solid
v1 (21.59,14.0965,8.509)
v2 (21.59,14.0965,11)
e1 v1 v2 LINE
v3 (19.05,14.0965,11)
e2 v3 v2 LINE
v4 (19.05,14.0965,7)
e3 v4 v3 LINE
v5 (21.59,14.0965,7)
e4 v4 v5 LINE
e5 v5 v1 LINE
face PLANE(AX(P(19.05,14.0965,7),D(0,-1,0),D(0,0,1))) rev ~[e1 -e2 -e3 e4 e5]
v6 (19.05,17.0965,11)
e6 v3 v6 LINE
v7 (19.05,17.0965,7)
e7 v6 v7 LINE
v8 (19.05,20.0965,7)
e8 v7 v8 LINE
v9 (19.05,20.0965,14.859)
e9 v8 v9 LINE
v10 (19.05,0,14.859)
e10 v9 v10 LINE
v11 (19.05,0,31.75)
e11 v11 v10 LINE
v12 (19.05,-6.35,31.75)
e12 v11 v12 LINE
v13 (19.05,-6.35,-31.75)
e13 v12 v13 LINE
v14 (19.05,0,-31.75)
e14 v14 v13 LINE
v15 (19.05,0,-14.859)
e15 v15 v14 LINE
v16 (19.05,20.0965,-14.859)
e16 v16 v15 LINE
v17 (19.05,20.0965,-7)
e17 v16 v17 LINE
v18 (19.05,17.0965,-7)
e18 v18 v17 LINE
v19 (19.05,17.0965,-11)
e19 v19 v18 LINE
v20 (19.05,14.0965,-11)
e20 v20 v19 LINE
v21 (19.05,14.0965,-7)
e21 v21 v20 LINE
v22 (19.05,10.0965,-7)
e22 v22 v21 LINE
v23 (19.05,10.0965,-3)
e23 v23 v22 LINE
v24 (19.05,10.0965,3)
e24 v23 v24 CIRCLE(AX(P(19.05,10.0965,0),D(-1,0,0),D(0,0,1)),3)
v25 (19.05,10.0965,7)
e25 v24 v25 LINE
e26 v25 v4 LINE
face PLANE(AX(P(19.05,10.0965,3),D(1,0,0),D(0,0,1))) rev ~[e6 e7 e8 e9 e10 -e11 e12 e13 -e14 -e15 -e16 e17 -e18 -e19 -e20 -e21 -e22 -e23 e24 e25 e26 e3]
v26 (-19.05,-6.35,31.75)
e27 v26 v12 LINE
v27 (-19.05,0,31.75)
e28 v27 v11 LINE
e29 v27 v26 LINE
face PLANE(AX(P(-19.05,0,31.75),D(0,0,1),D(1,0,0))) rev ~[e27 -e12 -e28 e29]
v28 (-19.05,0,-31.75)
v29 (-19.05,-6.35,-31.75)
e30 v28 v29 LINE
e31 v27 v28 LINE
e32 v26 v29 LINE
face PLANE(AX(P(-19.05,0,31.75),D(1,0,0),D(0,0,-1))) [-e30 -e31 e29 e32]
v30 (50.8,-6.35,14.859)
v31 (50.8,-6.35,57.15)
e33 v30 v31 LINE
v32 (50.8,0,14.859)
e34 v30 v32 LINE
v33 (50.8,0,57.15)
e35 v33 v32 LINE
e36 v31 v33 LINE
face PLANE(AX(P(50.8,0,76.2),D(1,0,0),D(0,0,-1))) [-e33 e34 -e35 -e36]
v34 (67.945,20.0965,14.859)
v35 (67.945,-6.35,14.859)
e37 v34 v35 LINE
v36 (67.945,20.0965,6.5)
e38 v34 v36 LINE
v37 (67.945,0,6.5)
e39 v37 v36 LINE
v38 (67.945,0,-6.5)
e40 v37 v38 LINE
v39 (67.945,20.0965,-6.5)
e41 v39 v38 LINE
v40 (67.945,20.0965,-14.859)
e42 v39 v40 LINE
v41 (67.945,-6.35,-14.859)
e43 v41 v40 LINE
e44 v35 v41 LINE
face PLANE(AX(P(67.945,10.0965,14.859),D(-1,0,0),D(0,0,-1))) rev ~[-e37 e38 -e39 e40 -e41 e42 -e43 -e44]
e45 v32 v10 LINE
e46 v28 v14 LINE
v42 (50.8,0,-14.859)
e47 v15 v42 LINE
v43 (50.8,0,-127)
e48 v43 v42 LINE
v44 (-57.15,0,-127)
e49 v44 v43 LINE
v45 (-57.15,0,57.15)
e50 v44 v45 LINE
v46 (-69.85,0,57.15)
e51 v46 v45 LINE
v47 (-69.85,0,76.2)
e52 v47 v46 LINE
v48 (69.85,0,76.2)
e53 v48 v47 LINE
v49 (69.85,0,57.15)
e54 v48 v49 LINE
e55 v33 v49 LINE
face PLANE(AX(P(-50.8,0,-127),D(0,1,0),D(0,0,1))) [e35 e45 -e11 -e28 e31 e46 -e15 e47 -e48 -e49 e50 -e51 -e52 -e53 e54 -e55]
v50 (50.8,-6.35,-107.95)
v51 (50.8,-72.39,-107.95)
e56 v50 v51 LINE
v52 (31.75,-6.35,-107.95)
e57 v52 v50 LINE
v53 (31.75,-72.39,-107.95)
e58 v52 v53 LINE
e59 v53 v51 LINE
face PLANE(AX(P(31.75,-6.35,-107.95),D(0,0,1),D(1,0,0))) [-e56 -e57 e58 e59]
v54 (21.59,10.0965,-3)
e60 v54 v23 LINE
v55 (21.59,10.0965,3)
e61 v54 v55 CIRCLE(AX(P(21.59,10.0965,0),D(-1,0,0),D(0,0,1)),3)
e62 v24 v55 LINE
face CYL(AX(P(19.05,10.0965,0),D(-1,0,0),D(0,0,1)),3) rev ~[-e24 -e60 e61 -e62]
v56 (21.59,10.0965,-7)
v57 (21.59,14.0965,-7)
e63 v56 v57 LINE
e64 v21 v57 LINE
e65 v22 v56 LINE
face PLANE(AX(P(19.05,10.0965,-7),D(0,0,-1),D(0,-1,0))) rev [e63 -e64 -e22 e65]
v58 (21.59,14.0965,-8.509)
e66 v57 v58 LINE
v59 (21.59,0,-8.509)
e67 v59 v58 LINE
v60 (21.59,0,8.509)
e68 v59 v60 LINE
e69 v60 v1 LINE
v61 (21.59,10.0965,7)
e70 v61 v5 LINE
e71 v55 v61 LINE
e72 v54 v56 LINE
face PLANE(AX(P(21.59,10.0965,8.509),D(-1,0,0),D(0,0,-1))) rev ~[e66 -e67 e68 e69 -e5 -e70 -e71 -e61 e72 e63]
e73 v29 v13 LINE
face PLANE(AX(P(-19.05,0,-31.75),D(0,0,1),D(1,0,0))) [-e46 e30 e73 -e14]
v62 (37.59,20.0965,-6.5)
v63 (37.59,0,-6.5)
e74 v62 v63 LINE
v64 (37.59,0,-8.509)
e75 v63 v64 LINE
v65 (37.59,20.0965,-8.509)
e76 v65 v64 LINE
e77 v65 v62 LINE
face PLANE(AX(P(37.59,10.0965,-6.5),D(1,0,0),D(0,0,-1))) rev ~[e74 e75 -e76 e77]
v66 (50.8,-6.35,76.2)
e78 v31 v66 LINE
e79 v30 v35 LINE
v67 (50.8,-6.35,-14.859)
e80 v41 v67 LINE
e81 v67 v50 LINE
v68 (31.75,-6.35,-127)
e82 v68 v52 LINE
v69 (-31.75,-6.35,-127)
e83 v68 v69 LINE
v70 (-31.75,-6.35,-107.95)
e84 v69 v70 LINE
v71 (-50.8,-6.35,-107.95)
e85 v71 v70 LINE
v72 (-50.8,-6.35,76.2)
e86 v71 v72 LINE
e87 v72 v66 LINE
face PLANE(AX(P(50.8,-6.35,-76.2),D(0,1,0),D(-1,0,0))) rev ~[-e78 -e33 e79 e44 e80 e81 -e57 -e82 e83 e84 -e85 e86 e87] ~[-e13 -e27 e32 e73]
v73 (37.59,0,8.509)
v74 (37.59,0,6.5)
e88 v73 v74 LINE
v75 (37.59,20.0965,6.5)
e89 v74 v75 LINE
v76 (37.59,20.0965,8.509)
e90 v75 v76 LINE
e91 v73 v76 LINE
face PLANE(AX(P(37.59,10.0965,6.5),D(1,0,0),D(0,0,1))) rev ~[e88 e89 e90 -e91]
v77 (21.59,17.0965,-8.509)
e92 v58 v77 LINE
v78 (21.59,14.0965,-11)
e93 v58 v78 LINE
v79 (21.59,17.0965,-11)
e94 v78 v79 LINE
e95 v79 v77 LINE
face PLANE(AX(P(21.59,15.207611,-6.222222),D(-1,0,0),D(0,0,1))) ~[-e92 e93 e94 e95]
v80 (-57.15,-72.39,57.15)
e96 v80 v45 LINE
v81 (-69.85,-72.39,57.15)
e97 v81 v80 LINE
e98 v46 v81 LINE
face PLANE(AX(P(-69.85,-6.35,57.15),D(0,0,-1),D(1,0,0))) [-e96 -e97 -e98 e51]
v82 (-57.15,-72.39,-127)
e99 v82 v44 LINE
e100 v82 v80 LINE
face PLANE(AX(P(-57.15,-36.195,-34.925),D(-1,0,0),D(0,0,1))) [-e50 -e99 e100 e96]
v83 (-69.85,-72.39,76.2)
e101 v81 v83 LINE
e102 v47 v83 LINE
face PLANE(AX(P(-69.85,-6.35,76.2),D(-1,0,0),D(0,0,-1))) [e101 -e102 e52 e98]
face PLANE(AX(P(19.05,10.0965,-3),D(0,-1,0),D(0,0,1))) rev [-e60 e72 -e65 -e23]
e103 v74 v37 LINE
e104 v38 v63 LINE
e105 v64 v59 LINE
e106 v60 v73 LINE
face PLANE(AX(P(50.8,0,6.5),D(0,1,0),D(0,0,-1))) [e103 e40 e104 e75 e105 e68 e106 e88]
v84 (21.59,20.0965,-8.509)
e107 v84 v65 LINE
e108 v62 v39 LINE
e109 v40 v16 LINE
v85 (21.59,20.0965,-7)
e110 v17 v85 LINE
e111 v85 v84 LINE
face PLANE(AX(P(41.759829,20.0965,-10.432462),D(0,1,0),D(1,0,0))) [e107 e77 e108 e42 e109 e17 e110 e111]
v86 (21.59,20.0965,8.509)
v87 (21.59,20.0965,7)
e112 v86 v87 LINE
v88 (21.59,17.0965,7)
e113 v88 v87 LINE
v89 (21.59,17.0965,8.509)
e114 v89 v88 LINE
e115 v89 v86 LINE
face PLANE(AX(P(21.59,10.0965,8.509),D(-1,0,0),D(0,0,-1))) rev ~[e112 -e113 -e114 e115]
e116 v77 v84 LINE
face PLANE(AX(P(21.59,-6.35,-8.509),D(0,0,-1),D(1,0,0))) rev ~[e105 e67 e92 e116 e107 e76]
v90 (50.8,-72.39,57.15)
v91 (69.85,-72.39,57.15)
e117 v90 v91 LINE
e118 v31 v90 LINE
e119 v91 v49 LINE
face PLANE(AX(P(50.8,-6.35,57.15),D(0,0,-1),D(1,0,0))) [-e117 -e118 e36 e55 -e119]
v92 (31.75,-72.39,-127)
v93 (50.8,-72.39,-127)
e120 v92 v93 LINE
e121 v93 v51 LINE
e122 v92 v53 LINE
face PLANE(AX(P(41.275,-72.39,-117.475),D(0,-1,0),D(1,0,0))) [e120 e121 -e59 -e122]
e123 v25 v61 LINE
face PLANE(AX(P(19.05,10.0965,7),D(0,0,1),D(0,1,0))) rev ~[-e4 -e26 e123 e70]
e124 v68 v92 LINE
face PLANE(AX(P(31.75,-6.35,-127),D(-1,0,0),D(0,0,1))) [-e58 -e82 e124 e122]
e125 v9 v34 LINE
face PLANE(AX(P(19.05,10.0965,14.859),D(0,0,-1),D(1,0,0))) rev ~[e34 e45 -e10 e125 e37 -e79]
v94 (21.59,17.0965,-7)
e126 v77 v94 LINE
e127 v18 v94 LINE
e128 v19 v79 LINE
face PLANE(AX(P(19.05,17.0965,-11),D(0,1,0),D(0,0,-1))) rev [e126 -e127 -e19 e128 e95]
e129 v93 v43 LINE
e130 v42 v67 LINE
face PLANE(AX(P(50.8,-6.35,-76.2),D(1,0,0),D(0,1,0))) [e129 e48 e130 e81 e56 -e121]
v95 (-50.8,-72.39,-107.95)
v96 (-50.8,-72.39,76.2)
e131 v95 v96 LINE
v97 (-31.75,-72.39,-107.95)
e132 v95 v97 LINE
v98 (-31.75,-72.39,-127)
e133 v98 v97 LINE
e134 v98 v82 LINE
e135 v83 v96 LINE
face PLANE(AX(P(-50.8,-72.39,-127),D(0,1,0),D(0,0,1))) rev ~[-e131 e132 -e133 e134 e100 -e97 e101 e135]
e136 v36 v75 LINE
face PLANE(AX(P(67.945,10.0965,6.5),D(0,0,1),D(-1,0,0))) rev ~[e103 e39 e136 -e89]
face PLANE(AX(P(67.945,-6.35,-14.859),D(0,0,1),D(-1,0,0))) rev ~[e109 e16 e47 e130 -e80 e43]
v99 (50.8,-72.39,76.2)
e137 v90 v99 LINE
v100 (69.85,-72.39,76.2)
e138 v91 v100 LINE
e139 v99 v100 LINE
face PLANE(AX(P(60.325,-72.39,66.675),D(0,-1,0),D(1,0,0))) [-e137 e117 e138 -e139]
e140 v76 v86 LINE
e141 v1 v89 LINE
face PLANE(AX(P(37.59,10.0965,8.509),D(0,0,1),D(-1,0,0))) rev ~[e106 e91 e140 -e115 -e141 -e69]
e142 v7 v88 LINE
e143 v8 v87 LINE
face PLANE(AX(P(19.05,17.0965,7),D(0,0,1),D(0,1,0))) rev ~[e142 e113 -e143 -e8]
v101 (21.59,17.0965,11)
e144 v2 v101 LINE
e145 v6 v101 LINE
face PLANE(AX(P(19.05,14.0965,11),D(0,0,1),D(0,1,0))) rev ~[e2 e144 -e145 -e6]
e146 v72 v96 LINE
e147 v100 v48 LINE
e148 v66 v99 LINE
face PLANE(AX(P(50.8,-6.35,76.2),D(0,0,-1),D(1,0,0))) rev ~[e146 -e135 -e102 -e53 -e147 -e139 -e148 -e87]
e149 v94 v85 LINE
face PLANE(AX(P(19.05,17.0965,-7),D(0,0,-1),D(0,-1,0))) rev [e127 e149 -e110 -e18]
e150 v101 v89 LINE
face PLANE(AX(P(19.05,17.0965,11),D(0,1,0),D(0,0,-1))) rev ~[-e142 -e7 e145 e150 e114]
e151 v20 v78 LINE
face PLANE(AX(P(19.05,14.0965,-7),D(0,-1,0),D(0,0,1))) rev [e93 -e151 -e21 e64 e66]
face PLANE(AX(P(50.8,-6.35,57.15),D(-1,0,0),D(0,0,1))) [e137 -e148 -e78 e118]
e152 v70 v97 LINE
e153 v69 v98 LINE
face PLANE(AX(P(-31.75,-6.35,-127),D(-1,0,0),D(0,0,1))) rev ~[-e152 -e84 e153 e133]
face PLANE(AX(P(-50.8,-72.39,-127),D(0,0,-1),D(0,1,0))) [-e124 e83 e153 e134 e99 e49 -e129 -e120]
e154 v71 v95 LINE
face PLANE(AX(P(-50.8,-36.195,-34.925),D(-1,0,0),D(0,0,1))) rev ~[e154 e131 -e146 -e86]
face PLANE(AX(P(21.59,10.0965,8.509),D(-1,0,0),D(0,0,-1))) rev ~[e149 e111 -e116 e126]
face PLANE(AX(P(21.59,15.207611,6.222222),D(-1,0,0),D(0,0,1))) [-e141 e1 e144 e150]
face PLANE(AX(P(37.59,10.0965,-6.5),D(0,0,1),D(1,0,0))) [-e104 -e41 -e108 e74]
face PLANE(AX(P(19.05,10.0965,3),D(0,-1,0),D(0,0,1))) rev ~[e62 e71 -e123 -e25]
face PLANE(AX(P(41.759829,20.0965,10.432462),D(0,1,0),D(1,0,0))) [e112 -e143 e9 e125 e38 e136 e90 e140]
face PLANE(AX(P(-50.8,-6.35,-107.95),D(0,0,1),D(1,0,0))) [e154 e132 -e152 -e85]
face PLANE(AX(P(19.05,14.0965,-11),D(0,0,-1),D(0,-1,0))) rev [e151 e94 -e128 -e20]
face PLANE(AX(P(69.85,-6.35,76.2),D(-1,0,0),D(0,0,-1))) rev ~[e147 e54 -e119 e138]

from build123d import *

# Parameters (mm, degrees)
SKETCH1_W                = 101.6
SKETCH1_H                = 152.4
BOSS_EXTRUDE1_DEPTH      = 6.35
SKETCH2_W                = 38.1
SKETCH2_H                = 63.5
CUT_EXTRUDE1_DEPTH       = 92.800885072
BOSS_EXTRUDE3_DEPTH      = 10.0965
BOSS_EXTRUDE3_DEPTH_BACK = 6.35
CUT_EXTRUDE2_REACH       = 105.862
SKETCH6_R                = 3
SKETCH7_W                = 24.005
SKETCH7_H                = 2.009
BOSS_EXTRUDE4_DEPTH      = 16.4465
BOSS_EXTRUDE5_REACH      = 129.401
SKETCH10_W               = 13
SKETCH10_H               = 6.35
CUT_EXTRUDE3_REACH       = 138.165
SKETCH11_W               = 13
SKETCH11_H               = 10.0965
BOSS_EXTRUDE6_DEPTH      = 10
CUT_EXTRUDE4_DEPTH       = 2.54
SKETCH14_W               = 101.6
SKETCH14_H               = 6.35
BOSS_EXTRUDE7_DEPTH      = 50.8
SKETCH15_W               = 19.05
SKETCH15_H               = 19.05
BOSS_EXTRUDE8_DEPTH      = 66.04
SKETCH16_W               = 19.05
SKETCH16_H               = 19.05
BOSS_EXTRUDE9_DEPTH      = 6.35
SKETCH17_W               = 184.15
SKETCH17_H               = 72.39
BOSS_EXTRUDE10_DEPTH     = 6.35


with BuildPart() as part:
    # Sketch1 → Boss-Extrude1 (new body)
    with BuildSketch(Plane(origin=(0, 0, 0), x_dir=(1, 0, 0), z_dir=(0, 1, 0))):
        Rectangle(SKETCH1_W, SKETCH1_H)
    extrude(amount=-BOSS_EXTRUDE1_DEPTH)

    # Sketch2 → Cut-Extrude1 (cut, through all)
    with BuildSketch(Plane(origin=(0, 0, 0), x_dir=(1, 0, 0), z_dir=(0, 1, 0))):
        Rectangle(SKETCH2_W, SKETCH2_H)
    extrude(amount=-CUT_EXTRUDE1_DEPTH, mode=Mode.SUBTRACT)

    # Sketch4 → Boss-Extrude3 (add, two sides: drawn at the far end of the back side and taken through both)
    with BuildSketch(Plane(origin=(0, 0, 0), x_dir=(1, 0, 0), z_dir=(0, 1, 0)).offset(-BOSS_EXTRUDE3_DEPTH_BACK)):
        Polygon((61.595, -8.509), (50.8, -8.509), (50.8, -14.859), (67.945, -14.859), (67.945, 14.859), (50.8, 14.859), (50.8, 8.509), (61.595, 8.509), align=None)
        Polygon((50.8, -8.509), (21.59, -8.509), (21.59, 8.509), (50.8, 8.509), (50.8, 14.859), (19.05, 14.859), (19.05, -14.859), (50.8, -14.859), align=None)
    extrude(amount=BOSS_EXTRUDE3_DEPTH + BOSS_EXTRUDE3_DEPTH_BACK)

    # Sketch6 → Cut-Extrude2 (cut, up to next)
    with BuildSketch(Plane.ZY.offset(-19.05), mode=Mode.PRIVATE) as cut_extrude2_sk1:
        with Locations((0, 10.0965)):
            Circle(SKETCH6_R)
    cut_extrude2_tool1 = extrude(cut_extrude2_sk1.sketch, amount=-CUT_EXTRUDE2_REACH, mode=Mode.PRIVATE) & part.part
    add(cut_extrude2_tool1.solids().sort_by_distance((19.05, 10.0965, 0))[0], mode=Mode.SUBTRACT)

    # Sketch7 → Boss-Extrude4 (add, through all)
    with BuildSketch(Plane(origin=(0, 10.0965, 0), x_dir=(1, 0, 0), z_dir=(0, 1, 0))):
        with Locations((49.5925, 7.5045)):
            Rectangle(SKETCH7_W, SKETCH7_H)
        with Locations((49.5925, -7.5045)):
            Rectangle(SKETCH7_W, SKETCH7_H)
    extrude(amount=-BOSS_EXTRUDE4_DEPTH)

    # Sketch10 → Boss-Extrude5 (add, up to next)
    with BuildSketch(Plane(origin=(50.8, 0, 0), x_dir=(0, 0, -1), z_dir=(1, 0, 0)), mode=Mode.PRIVATE) as boss_extrude5_sk1:
        with Locations((0, -3.175)):
            Rectangle(SKETCH10_W, SKETCH10_H)
    boss_extrude5_tool1 = extrude(boss_extrude5_sk1.sketch, amount=BOSS_EXTRUDE5_REACH, mode=Mode.PRIVATE) - part.part
    add(boss_extrude5_tool1.solids().sort_by_distance((50.8, -3.175, 0))[0])

    # Sketch11 → Cut-Extrude3 (cut, up to next)
    with BuildSketch(Plane.ZY.offset(-61.595), mode=Mode.PRIVATE) as cut_extrude3_sk1:
        with Locations((0, 5.04825)):
            Rectangle(SKETCH11_W, SKETCH11_H)
    cut_extrude3_tool1 = extrude(cut_extrude3_sk1.sketch, amount=-CUT_EXTRUDE3_REACH, mode=Mode.PRIVATE) & part.part
    add(cut_extrude3_tool1.solids().sort_by_distance((61.595, 5.04825, 0))[0], mode=Mode.SUBTRACT)

    # Sketch12 → Boss-Extrude6 (add)
    with BuildSketch(Plane(origin=(0, 10.0965, 0), x_dir=(1, 0, 0), z_dir=(0, 1, 0))):
        Polygon((67.945, -14.859), (67.945, -6.5), (37.59, -6.5), (37.59, -8.509), (21.59, -8.509), (21.59, -3), (19.05, -3), (19.05, -14.859), align=None)
        Polygon((37.59, 6.5), (67.945, 6.5), (67.945, 14.859), (19.05, 14.859), (19.05, 3), (21.59, 3), (21.59, 8.509), (37.59, 8.509), align=None)
    extrude(amount=BOSS_EXTRUDE6_DEPTH)

    # Sketch13 → Cut-Extrude4 (cut)
    with BuildSketch(Plane.ZY.offset(-19.05)):
        Polygon((3, 10.0965), (7, 10.0965), (7, 14.0965), (11, 14.0965), (11, 17.0965), (7, 17.0965), (7, 20.0965), (3, 20.0965), align=None)
    cut_extrude4 = extrude(amount=-CUT_EXTRUDE4_DEPTH, mode=Mode.SUBTRACT)

    # Mirror1: Cut-Extrude4 across plane
    add(cut_extrude4.mirror(Plane.XY), mode=Mode.SUBTRACT)

    # Sketch14 → Boss-Extrude7 (add)
    with BuildSketch(Plane(origin=(0, 0, -76.2), x_dir=(-1, 0, 0), z_dir=(0, 0, -1))):
        with Locations((0, -3.175)):
            Rectangle(SKETCH14_W, SKETCH14_H)
    extrude(amount=BOSS_EXTRUDE7_DEPTH)

    # Sketch15 → Boss-Extrude8 (add)
    with BuildSketch(Plane.XZ.offset(6.35)):
        with Locations((-60.325, 66.675)):
            Rectangle(SKETCH15_W, SKETCH15_H)
        with Locations((60.325, 66.675)):
            Rectangle(SKETCH15_W, SKETCH15_H)
        with Locations((-41.275, -117.475)):
            Rectangle(SKETCH15_W, SKETCH15_H)
        with Locations((41.275, -117.475)):
            Rectangle(SKETCH15_W, SKETCH15_H)
    extrude(amount=BOSS_EXTRUDE8_DEPTH)


with BuildPart() as boss_extrude8_piece_1:
    # of the separate pieces the step leaves, piece 1, a body of its own (boss_extrude8_pieces)
    add(part.part.solids().sort_by_distance((-50.8, 0, 76.2))[0])



with BuildPart() as boss_extrude8_piece_2:
    # of the separate pieces the step leaves, piece 2, a body of its own (boss_extrude8_pieces)
    add(part.part.solids().sort_by_distance((-50.8, -72.39, 76.2))[0])


with BuildPart() as boss_extrude8_piece_3:
    # of the separate pieces the step leaves, piece 3, a body of its own (boss_extrude8_pieces)
    add(part.part.solids().sort_by_distance((50.8, -72.39, 76.2))[0])


with BuildPart() as boss_extrude8_piece_1_1:
    add(boss_extrude8_piece_1.part)

    add(boss_extrude8_piece_2.part)  # Boss-Extrude9 merges Boss-Extrude8 piece 2

    add(boss_extrude8_piece_3.part)  # Boss-Extrude9 merges Boss-Extrude8 piece 3
    # Sketch16 → Boss-Extrude9 (add)
    with BuildSketch(Plane(origin=(0, -6.35, 0), x_dir=(1, 0, 0), z_dir=(0, 1, 0))):
        with Locations((60.325, -66.675)):
            Rectangle(SKETCH16_W, SKETCH16_H)
        with Locations((-60.325, -66.675)):
            Rectangle(SKETCH16_W, SKETCH16_H)
    extrude(amount=BOSS_EXTRUDE9_DEPTH)

    # Sketch17 → Boss-Extrude10 (add)
    with BuildSketch(Plane.ZY.offset(50.8)):
        with Locations((-34.925, -36.195)):
            Rectangle(SKETCH17_W, SKETCH17_H)
    extrude(amount=BOSS_EXTRUDE10_DEPTH)


solid = boss_extrude8_piece_1_1.part
